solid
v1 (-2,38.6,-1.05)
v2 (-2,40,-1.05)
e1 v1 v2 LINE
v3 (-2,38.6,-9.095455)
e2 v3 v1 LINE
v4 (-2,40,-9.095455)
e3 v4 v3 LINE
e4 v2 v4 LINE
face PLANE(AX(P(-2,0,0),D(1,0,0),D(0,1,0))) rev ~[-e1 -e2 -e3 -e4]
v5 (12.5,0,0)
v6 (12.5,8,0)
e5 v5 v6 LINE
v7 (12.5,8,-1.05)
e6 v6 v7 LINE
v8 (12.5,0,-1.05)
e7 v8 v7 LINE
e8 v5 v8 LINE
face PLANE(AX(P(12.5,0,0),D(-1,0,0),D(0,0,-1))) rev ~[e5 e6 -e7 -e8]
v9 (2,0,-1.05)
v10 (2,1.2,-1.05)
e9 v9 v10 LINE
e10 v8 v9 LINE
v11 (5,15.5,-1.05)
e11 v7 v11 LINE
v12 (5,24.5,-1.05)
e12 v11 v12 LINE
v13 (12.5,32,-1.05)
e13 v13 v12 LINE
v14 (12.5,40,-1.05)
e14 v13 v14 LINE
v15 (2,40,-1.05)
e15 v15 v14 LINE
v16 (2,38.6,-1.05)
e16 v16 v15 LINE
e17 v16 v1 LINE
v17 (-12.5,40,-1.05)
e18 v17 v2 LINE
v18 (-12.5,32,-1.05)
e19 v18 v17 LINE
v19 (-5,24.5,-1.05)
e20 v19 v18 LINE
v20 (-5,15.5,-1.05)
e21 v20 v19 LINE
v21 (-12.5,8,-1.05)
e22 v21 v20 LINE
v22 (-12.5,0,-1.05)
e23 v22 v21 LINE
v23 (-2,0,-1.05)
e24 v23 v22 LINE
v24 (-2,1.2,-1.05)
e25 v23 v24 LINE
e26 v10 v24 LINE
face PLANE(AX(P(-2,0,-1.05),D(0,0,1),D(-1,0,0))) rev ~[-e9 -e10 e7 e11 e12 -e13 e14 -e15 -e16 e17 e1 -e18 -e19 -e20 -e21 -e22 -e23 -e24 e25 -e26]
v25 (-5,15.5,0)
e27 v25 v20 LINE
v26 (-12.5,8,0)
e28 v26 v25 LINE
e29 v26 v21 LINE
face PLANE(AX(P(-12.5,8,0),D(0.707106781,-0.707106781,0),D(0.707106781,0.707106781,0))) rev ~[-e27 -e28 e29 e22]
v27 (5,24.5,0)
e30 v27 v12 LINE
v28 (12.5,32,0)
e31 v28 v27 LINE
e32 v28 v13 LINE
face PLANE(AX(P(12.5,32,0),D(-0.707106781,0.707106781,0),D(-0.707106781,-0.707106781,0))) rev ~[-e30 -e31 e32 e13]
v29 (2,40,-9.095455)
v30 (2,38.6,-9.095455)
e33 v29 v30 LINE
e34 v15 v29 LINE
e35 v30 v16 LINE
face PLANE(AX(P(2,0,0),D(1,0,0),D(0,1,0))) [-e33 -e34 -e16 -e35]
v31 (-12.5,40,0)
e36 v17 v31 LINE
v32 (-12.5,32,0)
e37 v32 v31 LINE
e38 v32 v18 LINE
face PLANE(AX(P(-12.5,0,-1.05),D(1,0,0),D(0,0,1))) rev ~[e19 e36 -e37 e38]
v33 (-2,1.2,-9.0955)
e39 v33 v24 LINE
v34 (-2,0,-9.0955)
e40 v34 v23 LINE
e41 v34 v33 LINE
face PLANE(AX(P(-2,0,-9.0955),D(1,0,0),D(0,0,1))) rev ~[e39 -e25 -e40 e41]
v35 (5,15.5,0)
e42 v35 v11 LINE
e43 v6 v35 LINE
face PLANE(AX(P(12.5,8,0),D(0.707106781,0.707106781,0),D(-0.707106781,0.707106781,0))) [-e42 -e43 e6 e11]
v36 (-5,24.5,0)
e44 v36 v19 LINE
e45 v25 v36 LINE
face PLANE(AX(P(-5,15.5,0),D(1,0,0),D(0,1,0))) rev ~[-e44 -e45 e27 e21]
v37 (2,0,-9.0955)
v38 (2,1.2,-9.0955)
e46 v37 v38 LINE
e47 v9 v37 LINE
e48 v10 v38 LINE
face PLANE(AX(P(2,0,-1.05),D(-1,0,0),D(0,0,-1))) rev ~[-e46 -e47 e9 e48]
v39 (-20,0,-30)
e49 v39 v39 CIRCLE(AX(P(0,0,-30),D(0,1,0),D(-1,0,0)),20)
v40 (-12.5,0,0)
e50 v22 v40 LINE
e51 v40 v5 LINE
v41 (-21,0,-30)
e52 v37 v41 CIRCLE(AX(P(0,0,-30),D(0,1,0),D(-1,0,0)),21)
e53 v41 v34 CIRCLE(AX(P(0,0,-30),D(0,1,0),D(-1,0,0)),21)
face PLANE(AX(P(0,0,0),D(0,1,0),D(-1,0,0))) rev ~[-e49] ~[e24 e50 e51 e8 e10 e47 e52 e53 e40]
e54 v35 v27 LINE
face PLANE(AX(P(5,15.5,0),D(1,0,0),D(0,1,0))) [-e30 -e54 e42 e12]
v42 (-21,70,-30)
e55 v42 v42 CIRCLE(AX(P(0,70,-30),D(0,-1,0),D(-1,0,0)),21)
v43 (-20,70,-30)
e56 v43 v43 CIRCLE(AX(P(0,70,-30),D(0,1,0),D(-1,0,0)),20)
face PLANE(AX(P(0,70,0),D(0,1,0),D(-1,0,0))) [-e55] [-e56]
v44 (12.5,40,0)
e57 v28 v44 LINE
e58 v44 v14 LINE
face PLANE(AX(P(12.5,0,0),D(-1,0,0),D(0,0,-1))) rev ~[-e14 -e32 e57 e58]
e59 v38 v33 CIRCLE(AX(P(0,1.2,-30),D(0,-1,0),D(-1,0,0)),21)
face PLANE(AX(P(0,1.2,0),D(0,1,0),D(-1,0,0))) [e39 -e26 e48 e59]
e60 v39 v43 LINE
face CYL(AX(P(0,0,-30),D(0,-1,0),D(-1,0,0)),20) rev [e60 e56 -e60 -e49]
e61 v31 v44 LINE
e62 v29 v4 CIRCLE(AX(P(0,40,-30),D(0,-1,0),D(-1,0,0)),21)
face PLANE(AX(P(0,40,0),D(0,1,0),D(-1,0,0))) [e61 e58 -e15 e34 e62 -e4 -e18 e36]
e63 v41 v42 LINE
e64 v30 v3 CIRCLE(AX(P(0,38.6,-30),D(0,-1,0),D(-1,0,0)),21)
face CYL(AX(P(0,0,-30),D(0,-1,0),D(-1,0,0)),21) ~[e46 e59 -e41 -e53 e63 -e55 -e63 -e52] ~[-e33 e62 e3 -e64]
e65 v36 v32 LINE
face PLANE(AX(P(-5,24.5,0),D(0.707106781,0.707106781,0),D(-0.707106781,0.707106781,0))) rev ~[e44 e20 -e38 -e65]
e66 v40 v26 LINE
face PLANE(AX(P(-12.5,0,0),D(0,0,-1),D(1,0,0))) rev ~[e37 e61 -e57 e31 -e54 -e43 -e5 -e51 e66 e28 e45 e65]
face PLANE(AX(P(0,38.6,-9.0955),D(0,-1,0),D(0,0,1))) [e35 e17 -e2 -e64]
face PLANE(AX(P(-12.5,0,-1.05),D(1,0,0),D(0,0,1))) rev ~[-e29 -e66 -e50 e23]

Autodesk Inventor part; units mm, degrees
ref_plane "YZ Plane" through (0, 0, 0) normal (1, 0, 0) x (0, 1, 0)
ref_plane "XZ Plane" through (0, 0, 0) normal (0, 1, 0) x (-1, 0, 0)
ref_plane "XY Plane" through (0, 0, 0) normal (0, 0, 1) x (1, 0, 0)
sketch "Szkic1" plane through (0, 0, 0) normal (0, 1, 0) x (-1, 0, 0)
  circle A0 centre (0, -30) radius 20
  line L0 (12.5, 0) -> (-12.5, 0)
  line L1 (-12.5, 0) -> (-12.5, -1.05)
  line L2 (-12.5, -1.05) -> (12.5, -1.05)
  line L3 (12.5, -1.05) -> (12.5, 0)
  circle A1 centre (0, -30) radius 21
  line L4 (-2, -9.0955) -> (2, -9.0955)
  line L5 (2, -9.0955) -> (2, -1.05)
  line L6 (2, -1.05) -> (-2, -1.05)
  line L7 (-2, -1.05) -> (-2, -9.0955)
  point P0 (0, 0)
  point P1 (0, -1.05)
  point P2 (0, 0)
  point P3 (0, -9.0955)
  dimension "d15" = 40
  dimension "d16" = 25
  dimension "d17" = 1.05
  dimension "d18" = 30
  dimension "d19" = 1
  dimension "d20" = 4
extrude "Wyciągnięcie proste1" add sketch "Szkic1" along normal blind 40 contours L3 L2 L1 L0
extrude "Extrusion2" add sketch "Szkic1" along normal blind 1.2 contours L5 A1 L7 L2 | L4 A1 picked at (0.2225, -9.0672)
sketch "Sketch2" plane through (-12.5, 0, 0) normal (0, 0, 1) x (1, 0, 0)
  line L0 (25, 40) -> (0, 40) projected
  line L1 (25, 0) -> (25, 40) projected
  line L2 (0, 40) -> (25, 40)
  line L3 (25, 40) -> (25, 32)
  line L4 (25, 32) -> (13, 20)
  line L5 (25, 8) -> (25, 0)
  line L6 (0, 0) -> (0, 40) projected
  line L7 (25, 0) -> (0, 0)
  line L8 (0, 0) -> (0, 8)
  line L9 (12, 20) -> (0, 32)
  line L10 (0, 32) -> (0, 40)
  line L11 (17.5, 60) -> (27.5, 60) construction
  line L12 (0, 20) -> (25, 20) construction
  line L13 (0, 8) -> (12, 20)
  line L14 (25, 8) -> (13, 20)
  line L15 (12.5, 40) -> (12.5, 0) construction
  line L16 (0, 40) -> (25, 40) construction
  line L17 (0, 0) -> (25, 0) construction
  line L18 (7.5, 15.5) -> (7.5, 24.5)
  line L19 (17.5, 15.5) -> (17.5, 24.5)
  point P0 (0, 32)
  dimension "d24" = 45
  dimension "d26" = 8
  dimension "d48" = 8
  dimension "d49" = 10
extrude "Extrusion3" cut sketch "Sketch2" against normal blind 1.2 contours L1 L14 L19 L4 | L9 L18 L13 L6
sketch "Sketch4" plane through (0, 0, 0) normal (1, 0, 0) x (0, 1, 0)
  line L0 (1.2, -9.0955) -> (1.2, -1.05) projected
  line L1 (38.6, -9.0955) -> (38.6, -1.05)
  line L2 (32, -1.05) -> (40, -1.05) projected
  line L3 (40, -1.05) -> (40, -9.0955)
  line L4 (1.2, -2.7471) -> (1.2, -1.05)
  line L5 (1.2, -1.05) -> (1.2, -9.0955) projected
  line L6 (32, -1.05) -> (24.5, -1.05) projected
  line L7 (40, -9.0955) -> (38.6, -9.0955)
  line L8 (32, -1.05) -> (40, -1.05) projected
  point P0 (0, 0)
  point P1 (1.2, -14.3431)
  point P2 (20, -1.05)
  point P3 (25, -1.05)
  dimension "d32" = 1.4
extrude "Extrusion4" add sketch "Sketch4" along normal mid plane 4
extrude "Extrusion5" add sketch "Szkic1" along normal blind 70 contours L4 A1 | A1 L4
extrude "Wyciągnięcie proste6" cut sketch "Szkic1" along normal blind 70 contours A0
equation "\"d26\" = d48"
equation "\"d35\" = d20"
properties part number "solo_rurka"
